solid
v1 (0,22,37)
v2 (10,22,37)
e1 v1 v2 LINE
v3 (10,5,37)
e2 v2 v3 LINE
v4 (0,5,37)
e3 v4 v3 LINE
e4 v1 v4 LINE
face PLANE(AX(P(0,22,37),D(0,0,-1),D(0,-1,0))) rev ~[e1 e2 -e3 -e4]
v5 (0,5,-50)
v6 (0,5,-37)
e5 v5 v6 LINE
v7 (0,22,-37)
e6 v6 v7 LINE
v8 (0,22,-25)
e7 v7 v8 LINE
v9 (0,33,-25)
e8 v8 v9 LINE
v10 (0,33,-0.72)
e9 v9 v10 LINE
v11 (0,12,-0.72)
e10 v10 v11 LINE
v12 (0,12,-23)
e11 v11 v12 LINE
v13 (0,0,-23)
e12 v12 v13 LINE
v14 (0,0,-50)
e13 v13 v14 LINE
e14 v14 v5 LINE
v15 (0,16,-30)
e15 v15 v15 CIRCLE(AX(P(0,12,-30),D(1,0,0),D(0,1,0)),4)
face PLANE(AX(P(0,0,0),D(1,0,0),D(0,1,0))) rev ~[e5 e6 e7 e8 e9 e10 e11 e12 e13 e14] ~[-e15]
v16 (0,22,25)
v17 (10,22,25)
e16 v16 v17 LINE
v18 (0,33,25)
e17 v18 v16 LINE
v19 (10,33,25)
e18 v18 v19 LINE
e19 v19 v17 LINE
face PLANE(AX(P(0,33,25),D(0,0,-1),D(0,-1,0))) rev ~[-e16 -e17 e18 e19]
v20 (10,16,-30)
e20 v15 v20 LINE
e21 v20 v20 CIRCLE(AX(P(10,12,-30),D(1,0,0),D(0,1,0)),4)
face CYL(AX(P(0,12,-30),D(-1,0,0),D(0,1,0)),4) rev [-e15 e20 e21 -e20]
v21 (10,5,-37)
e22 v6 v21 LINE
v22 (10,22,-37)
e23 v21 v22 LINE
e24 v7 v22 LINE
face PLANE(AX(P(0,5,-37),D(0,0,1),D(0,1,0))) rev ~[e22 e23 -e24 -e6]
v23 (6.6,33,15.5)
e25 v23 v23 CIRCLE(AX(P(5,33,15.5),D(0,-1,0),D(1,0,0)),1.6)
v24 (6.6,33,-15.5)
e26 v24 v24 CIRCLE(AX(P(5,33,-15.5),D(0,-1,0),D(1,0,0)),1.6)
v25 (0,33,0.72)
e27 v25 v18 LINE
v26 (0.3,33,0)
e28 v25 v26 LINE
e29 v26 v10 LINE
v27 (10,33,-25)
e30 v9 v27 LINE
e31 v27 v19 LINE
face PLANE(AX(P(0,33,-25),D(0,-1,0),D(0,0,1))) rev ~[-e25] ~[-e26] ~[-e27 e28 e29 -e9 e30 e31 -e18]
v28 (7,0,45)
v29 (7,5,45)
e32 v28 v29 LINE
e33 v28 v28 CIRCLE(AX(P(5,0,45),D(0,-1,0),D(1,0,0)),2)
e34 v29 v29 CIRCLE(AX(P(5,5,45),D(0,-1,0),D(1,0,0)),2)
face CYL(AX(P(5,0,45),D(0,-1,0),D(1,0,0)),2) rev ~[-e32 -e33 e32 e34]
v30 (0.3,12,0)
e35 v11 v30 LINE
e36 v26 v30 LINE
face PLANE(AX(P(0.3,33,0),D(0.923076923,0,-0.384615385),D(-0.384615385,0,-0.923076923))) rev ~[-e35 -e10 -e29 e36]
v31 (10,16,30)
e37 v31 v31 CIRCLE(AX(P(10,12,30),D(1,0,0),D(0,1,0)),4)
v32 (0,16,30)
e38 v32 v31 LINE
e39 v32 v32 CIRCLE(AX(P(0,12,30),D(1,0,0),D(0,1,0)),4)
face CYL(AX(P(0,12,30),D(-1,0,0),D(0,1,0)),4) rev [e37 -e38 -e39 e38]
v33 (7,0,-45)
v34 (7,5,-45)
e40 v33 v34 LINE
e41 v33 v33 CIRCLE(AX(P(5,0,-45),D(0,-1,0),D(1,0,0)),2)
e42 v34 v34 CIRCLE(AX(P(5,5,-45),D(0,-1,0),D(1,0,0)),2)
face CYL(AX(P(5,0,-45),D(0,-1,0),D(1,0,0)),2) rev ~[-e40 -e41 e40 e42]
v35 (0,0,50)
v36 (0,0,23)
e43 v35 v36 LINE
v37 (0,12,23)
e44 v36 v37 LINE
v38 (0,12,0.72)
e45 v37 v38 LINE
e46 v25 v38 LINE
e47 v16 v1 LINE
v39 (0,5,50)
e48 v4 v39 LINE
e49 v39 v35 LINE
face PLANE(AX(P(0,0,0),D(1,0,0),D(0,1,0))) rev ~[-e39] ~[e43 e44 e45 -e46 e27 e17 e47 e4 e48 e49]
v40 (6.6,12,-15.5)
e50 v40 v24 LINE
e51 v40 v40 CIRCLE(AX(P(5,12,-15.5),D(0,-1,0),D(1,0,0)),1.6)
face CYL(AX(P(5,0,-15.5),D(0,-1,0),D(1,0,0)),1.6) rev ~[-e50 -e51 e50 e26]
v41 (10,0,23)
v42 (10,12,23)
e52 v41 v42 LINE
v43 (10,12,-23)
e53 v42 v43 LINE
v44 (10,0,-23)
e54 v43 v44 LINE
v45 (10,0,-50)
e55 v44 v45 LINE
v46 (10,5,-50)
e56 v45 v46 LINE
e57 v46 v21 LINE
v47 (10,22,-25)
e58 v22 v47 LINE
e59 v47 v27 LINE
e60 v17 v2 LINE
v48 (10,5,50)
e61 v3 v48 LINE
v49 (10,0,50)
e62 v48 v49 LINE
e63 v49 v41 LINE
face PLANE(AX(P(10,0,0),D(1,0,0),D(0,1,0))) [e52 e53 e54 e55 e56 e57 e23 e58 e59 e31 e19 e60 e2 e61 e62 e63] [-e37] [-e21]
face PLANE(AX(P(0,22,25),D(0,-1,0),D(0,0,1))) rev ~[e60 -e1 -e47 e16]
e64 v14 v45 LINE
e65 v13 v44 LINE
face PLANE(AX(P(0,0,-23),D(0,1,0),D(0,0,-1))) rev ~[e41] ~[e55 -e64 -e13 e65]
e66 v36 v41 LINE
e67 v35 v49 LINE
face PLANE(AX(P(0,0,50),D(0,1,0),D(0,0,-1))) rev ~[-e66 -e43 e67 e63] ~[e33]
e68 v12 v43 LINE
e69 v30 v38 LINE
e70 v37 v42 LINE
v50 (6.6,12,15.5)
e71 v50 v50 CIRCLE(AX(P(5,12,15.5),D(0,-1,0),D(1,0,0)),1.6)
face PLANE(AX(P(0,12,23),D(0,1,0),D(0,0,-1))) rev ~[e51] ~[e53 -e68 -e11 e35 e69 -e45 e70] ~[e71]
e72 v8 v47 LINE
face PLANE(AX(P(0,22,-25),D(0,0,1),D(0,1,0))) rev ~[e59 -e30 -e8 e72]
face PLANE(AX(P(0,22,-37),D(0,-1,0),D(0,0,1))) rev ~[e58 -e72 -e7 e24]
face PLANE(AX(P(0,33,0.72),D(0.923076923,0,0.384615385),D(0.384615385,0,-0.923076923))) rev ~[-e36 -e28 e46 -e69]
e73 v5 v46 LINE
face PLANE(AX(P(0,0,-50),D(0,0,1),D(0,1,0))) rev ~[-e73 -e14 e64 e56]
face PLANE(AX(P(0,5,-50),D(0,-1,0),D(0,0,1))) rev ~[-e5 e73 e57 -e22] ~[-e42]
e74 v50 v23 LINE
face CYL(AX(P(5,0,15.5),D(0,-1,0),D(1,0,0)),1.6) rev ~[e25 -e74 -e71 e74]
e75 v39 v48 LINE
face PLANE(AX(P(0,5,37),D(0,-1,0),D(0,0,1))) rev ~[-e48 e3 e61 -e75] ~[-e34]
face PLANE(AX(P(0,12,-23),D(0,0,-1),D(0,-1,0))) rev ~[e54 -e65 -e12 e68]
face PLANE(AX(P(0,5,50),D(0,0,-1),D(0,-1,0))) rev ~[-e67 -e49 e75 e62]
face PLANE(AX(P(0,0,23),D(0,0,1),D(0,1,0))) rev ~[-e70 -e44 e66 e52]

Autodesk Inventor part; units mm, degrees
ref_plane "YZ Plane" through (0, 0, 0) normal (1, 0, 0) x (0, 1, 0)
ref_plane "XZ Plane" through (0, 0, 0) normal (0, 1, 0) x (-1, 0, 0)
ref_plane "XY Plane" through (0, 0, 0) normal (0, 0, 1) x (1, 0, 0)
sketch "Sketch1" plane through (0, 0, 0) normal (1, 0, 0) x (0, 1, 0)
  line L0 (0, 50) -> (0, 23)
  line L1 (0, 23) -> (12, 23)
  line L2 (12, 23) -> (12, -23)
  line L3 (12, -23) -> (0, -23)
  line L4 (0, -23) -> (0, -50)
  line L5 (0, -50) -> (5, -50)
  line L6 (5, -50) -> (5, -37)
  line L7 (5, -37) -> (22, -37)
  line L8 (22, -37) -> (22, -25)
  line L9 (22, -25) -> (33, -25)
  line L10 (33, -25) -> (33, 25)
  line L11 (33, 25) -> (22, 25)
  line L12 (22, 25) -> (22, 37)
  line L13 (22, 37) -> (5, 37)
  line L14 (5, 37) -> (5, 50)
  line L15 (5, 50) -> (0, 50)
  circle A0 centre (12, 30) radius 4
  circle A1 centre (12, -30) radius 4
  point P0 (0, 0)
  point P1 (12, 0)
  dimension "d0" = 100
  dimension "d1" = 46
  dimension "d2" = 27
  dimension "d3" = 5
  dimension "d4" = 17
  dimension "d5" = 13
  dimension "d6" = 12
  dimension "d7" = 11
  dimension "d8" = 12
  dimension "d9" = 8
  dimension "d10" = 30
  dimension "d11" = 30
  dimension "d12" = 12
extrude "Extrusion1" add sketch "Sketch1" along normal blind 10
sketch "Sketch2" plane through (0, 0, 23) normal (0, -1, 0) x (1, 0, 0)
  circle A0 centre (5, 22) radius 2
  circle A1 centre (5, -7.5) radius 1.6
  circle A2 centre (5, -38.5) radius 1.6
  circle A3 centre (5, -68) radius 2
  line L0 (0, 27) -> (10, 27) projected
  point P0 (0, -23)
  point P1 (5, 27)
  dimension "d15" = 4
  dimension "d16" = 3.2
  dimension "d17" = 15.5
  dimension "d18" = 15.5
  dimension "d19" = 90
  dimension "d20" = 45
extrude "Extrusion2" cut sketch "Sketch2" against normal through all
sketch "Sketch3" plane through (0, 33, 25) normal (0, 1, 0) x (1, 0, 0)
  line L0 (0.3, 25) -> (0, 25.72)
  line L1 (0, 50) -> (0, 0) projected
  line L2 (0, 24.28) -> (0.3, 25)
  point P0 (0, 25)
  point P1 (0, 25)
  dimension "d23" = 0.72
  dimension "d24" = 0.3
  dimension "d25" = 0.72
extrude "Extrusion3" cut sketch "Sketch3" against normal up to next
equation "\"d11\" = d10"
equation "\"d18\" = d17"
equation "\"d21\" = d18"
properties material "ABS Plastic"
